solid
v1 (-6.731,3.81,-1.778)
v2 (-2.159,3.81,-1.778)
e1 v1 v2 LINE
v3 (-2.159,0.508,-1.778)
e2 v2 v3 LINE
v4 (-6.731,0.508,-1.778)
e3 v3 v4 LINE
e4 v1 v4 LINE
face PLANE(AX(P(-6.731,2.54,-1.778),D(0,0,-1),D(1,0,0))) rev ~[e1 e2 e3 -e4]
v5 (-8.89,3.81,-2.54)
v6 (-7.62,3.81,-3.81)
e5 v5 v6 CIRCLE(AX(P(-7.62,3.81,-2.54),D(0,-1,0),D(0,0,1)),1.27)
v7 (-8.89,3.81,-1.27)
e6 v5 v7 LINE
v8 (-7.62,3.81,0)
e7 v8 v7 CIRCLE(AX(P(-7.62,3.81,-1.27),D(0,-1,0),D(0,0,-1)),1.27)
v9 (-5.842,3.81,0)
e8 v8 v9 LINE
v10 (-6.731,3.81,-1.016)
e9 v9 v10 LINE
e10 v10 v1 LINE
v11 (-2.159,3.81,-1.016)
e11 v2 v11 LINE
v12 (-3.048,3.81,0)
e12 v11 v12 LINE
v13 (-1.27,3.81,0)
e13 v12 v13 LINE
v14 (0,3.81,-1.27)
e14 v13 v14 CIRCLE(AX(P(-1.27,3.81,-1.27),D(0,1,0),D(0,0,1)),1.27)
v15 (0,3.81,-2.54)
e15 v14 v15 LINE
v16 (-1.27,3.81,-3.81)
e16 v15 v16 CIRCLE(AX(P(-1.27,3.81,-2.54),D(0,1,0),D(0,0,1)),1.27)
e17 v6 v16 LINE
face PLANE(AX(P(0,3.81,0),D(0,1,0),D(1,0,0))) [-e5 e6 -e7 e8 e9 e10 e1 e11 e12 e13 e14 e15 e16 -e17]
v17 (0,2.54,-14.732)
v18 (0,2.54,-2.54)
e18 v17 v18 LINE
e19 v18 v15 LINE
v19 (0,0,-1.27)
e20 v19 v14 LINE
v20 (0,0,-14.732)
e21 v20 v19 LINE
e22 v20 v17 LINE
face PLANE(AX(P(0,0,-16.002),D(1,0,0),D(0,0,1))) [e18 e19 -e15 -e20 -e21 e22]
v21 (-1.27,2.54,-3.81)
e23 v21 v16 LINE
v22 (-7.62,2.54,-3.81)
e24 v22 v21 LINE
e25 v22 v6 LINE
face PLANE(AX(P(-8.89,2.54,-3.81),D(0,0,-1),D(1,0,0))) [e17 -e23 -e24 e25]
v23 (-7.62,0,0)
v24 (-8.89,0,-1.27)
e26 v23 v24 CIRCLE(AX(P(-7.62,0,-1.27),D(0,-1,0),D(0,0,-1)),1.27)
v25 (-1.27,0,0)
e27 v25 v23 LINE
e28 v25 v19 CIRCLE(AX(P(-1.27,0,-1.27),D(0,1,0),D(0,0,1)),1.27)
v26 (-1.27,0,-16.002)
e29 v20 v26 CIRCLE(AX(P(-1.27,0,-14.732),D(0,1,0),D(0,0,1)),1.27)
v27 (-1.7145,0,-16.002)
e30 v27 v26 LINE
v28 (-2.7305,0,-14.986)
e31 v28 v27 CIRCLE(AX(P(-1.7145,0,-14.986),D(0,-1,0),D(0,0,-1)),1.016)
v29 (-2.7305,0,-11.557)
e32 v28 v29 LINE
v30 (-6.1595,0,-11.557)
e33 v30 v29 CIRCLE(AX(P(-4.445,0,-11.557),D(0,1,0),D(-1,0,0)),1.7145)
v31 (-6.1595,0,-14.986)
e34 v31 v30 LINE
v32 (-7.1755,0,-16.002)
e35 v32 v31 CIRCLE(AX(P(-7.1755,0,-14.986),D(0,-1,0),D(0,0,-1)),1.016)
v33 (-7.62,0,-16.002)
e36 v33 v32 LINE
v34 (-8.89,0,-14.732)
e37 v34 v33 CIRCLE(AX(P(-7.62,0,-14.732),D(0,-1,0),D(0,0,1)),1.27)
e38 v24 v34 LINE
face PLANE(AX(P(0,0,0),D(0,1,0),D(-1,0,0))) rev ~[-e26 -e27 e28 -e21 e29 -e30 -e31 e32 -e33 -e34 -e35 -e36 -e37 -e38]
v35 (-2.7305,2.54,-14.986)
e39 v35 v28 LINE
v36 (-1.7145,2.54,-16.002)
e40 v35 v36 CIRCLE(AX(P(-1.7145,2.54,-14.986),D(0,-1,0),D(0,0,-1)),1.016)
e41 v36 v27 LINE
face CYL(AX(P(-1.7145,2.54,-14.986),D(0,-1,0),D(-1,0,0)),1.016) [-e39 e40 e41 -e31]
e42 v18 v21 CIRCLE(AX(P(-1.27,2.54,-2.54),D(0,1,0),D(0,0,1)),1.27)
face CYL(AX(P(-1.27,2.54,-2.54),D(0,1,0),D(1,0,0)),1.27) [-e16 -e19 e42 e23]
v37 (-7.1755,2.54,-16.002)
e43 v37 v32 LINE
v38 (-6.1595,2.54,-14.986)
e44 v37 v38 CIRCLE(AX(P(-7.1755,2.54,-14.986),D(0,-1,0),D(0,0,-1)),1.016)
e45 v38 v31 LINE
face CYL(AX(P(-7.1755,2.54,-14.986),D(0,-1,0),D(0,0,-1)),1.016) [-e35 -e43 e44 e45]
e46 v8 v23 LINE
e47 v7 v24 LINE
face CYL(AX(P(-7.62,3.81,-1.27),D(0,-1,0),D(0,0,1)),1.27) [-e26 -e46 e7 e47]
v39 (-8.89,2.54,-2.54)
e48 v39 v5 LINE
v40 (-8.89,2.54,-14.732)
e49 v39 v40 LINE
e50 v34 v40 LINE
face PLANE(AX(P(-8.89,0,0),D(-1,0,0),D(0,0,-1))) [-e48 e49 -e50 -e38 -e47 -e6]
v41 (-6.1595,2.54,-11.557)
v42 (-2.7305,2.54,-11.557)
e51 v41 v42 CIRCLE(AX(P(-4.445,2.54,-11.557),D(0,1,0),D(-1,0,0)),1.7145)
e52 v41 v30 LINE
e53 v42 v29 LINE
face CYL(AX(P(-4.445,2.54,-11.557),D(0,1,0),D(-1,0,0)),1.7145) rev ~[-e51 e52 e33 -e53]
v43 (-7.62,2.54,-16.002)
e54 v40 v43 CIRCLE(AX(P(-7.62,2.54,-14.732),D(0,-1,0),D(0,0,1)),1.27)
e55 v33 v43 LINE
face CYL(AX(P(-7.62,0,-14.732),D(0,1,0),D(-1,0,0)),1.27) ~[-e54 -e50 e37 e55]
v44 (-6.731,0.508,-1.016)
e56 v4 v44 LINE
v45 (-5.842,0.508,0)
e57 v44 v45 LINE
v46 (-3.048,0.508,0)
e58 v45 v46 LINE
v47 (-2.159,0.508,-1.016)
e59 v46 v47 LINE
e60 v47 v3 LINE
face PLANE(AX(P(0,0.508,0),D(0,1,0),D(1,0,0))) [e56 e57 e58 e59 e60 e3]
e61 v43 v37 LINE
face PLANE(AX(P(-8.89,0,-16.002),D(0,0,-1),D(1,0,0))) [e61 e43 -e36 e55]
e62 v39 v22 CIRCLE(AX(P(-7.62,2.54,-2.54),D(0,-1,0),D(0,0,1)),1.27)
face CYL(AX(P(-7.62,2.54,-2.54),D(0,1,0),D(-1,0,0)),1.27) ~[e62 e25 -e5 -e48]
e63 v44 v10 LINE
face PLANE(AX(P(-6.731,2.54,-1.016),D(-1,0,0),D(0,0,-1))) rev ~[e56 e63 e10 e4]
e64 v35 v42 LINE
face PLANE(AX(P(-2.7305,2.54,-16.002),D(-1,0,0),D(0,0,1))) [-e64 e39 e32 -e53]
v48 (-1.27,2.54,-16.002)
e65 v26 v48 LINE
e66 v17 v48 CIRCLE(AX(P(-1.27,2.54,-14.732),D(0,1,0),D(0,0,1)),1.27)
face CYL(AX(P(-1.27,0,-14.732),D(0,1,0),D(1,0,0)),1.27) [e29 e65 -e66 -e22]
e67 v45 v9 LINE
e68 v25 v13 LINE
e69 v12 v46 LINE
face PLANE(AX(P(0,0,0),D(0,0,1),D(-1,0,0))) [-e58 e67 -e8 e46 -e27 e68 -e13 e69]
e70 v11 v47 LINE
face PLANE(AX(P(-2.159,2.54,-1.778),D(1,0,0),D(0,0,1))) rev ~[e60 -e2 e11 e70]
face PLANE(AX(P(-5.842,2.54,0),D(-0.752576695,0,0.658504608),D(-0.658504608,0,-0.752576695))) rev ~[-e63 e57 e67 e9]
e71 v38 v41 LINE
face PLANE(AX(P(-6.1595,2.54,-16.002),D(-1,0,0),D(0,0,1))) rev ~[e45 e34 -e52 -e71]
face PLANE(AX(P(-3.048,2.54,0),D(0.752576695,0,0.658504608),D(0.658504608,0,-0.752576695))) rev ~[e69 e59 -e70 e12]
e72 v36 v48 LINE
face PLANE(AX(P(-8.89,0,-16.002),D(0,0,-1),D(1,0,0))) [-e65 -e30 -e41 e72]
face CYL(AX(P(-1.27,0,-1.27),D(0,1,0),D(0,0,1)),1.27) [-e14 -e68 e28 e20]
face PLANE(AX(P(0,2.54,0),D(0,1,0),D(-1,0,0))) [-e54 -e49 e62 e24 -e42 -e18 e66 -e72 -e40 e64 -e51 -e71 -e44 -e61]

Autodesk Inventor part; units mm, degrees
ref_plane "YZ Plane" through (0, 0, 0) normal (1, 0, 0) x (0, 1, 0)
ref_plane "XZ Plane" through (0, 0, 0) normal (0, 1, 0) x (-1, 0, 0)
ref_plane "XY Plane" through (0, 0, 0) normal (0, 0, 1) x (1, 0, 0)
sketch "Sketch1" plane through (0, 0, 0) normal (0, 1, 0) x (-1, 0, 0)
  line L0 (0, 0) -> (8.89, 0)
  line L1 (8.89, 0) -> (8.89, -16.002)
  line L2 (8.89, -16.002) -> (0, -16.002)
  line L3 (0, -16.002) -> (0, 0)
  dimension "d0" = 8.89
  dimension "d1" = 16.002
extrude "Extrusion1" add sketch "Sketch1" along normal blind 2.54
sketch "Sketch5" plane through (0, 2.54, 0) normal (0, 1, 0) x (1, 0, 0)
  line L0 (-8.89, 0) -> (0, 0) projected
  line L1 (0, 0) -> (0, 16.002) projected
  line L2 (0, 16.002) -> (-8.89, 16.002) projected
  line L3 (-8.89, 16.002) -> (-8.89, 0) projected
  line L4 (0, 0) -> (-8.89, 0) projected
  line L5 (-5.842, 0) -> (-6.731, 1.016)
  line L6 (-6.731, 1.016) -> (-6.731, 1.778)
  line L7 (-6.731, 1.778) -> (-2.159, 1.778)
  line L8 (-2.159, 1.778) -> (-2.159, 1.016)
  line L9 (-2.159, 1.016) -> (-3.048, 0)
  line L10 (-8.89, 0) -> (-8.89, 16.002) projected
  line L11 (-8.89, 3.81) -> (0, 3.81)
  point P0 (-4.445, 1.778)
  point P1 (-4.445, 3.81)
  dimension "d19" = 2.794
  dimension "d20" = 4.572
  dimension "d21" = 1.016
  dimension "d23" = 1.778
  dimension "d24" = 3.81
extrude "Extrusion4" add sketch "Sketch5" along normal blind 1.27 contours L3 L11 L1 L0 L9 L8 L7 L6 L5
sketch "Sketch6" plane through (0, 2.54, 0) normal (0, 1, 0) x (1, 0, 0)
  line L0 (-3.048, 0) -> (-2.159, 1.016) projected
  line L1 (-2.159, 1.016) -> (-2.159, 1.778) projected
  line L2 (-2.159, 1.778) -> (-6.731, 1.778) projected
  line L3 (-6.731, 1.778) -> (-6.731, 1.016) projected
  line L4 (-6.731, 1.016) -> (-5.842, 0) projected
  line L5 (-5.842, 0) -> (-3.048, 0) projected
  point P0 (0, 0)
extrude "Extrusion5" cut sketch "Sketch6" against normal blind 2.032
fillet "Fillet3" radius 1.27 6 edges at (-8.89, 1.27, -16.002) (0, 1.27, -16.002) (-8.89, 1.905, 0) (-8.89, 3.175, -3.81) (0, 3.175, -3.81) (0, 1.905, 0)
sketch "Sketch8" plane through (0, 2.54, 0) normal (0, 1, 0) x (1, 0, 0)
  line L0 (-7.62, 16.002) -> (-1.27, 16.002) projected
  line L1 (-6.1595, 16.002) -> (-6.1595, 11.557)
  line L2 (-2.7305, 16.002) -> (-2.7305, 11.557)
  arc A0 (-6.1595, 11.557) -> (-2.7305, 11.557) centre (-4.445, 11.557) ccw
  point P0 (0, 0)
  point P1 (-4.445, 16.002)
  dimension "d37" = 3.429
  dimension "d38" = 4.445
extrude "Extrusion7" cut sketch "Sketch8" against normal blind 25.4
fillet "Fillet4" radius 1.016 2 edges at (-2.7305, 1.27, -16.002) (-6.1595, 1.27, -16.002)
properties part number "HallEffectSpoolSensorMount3" material "ABS Plastic"
